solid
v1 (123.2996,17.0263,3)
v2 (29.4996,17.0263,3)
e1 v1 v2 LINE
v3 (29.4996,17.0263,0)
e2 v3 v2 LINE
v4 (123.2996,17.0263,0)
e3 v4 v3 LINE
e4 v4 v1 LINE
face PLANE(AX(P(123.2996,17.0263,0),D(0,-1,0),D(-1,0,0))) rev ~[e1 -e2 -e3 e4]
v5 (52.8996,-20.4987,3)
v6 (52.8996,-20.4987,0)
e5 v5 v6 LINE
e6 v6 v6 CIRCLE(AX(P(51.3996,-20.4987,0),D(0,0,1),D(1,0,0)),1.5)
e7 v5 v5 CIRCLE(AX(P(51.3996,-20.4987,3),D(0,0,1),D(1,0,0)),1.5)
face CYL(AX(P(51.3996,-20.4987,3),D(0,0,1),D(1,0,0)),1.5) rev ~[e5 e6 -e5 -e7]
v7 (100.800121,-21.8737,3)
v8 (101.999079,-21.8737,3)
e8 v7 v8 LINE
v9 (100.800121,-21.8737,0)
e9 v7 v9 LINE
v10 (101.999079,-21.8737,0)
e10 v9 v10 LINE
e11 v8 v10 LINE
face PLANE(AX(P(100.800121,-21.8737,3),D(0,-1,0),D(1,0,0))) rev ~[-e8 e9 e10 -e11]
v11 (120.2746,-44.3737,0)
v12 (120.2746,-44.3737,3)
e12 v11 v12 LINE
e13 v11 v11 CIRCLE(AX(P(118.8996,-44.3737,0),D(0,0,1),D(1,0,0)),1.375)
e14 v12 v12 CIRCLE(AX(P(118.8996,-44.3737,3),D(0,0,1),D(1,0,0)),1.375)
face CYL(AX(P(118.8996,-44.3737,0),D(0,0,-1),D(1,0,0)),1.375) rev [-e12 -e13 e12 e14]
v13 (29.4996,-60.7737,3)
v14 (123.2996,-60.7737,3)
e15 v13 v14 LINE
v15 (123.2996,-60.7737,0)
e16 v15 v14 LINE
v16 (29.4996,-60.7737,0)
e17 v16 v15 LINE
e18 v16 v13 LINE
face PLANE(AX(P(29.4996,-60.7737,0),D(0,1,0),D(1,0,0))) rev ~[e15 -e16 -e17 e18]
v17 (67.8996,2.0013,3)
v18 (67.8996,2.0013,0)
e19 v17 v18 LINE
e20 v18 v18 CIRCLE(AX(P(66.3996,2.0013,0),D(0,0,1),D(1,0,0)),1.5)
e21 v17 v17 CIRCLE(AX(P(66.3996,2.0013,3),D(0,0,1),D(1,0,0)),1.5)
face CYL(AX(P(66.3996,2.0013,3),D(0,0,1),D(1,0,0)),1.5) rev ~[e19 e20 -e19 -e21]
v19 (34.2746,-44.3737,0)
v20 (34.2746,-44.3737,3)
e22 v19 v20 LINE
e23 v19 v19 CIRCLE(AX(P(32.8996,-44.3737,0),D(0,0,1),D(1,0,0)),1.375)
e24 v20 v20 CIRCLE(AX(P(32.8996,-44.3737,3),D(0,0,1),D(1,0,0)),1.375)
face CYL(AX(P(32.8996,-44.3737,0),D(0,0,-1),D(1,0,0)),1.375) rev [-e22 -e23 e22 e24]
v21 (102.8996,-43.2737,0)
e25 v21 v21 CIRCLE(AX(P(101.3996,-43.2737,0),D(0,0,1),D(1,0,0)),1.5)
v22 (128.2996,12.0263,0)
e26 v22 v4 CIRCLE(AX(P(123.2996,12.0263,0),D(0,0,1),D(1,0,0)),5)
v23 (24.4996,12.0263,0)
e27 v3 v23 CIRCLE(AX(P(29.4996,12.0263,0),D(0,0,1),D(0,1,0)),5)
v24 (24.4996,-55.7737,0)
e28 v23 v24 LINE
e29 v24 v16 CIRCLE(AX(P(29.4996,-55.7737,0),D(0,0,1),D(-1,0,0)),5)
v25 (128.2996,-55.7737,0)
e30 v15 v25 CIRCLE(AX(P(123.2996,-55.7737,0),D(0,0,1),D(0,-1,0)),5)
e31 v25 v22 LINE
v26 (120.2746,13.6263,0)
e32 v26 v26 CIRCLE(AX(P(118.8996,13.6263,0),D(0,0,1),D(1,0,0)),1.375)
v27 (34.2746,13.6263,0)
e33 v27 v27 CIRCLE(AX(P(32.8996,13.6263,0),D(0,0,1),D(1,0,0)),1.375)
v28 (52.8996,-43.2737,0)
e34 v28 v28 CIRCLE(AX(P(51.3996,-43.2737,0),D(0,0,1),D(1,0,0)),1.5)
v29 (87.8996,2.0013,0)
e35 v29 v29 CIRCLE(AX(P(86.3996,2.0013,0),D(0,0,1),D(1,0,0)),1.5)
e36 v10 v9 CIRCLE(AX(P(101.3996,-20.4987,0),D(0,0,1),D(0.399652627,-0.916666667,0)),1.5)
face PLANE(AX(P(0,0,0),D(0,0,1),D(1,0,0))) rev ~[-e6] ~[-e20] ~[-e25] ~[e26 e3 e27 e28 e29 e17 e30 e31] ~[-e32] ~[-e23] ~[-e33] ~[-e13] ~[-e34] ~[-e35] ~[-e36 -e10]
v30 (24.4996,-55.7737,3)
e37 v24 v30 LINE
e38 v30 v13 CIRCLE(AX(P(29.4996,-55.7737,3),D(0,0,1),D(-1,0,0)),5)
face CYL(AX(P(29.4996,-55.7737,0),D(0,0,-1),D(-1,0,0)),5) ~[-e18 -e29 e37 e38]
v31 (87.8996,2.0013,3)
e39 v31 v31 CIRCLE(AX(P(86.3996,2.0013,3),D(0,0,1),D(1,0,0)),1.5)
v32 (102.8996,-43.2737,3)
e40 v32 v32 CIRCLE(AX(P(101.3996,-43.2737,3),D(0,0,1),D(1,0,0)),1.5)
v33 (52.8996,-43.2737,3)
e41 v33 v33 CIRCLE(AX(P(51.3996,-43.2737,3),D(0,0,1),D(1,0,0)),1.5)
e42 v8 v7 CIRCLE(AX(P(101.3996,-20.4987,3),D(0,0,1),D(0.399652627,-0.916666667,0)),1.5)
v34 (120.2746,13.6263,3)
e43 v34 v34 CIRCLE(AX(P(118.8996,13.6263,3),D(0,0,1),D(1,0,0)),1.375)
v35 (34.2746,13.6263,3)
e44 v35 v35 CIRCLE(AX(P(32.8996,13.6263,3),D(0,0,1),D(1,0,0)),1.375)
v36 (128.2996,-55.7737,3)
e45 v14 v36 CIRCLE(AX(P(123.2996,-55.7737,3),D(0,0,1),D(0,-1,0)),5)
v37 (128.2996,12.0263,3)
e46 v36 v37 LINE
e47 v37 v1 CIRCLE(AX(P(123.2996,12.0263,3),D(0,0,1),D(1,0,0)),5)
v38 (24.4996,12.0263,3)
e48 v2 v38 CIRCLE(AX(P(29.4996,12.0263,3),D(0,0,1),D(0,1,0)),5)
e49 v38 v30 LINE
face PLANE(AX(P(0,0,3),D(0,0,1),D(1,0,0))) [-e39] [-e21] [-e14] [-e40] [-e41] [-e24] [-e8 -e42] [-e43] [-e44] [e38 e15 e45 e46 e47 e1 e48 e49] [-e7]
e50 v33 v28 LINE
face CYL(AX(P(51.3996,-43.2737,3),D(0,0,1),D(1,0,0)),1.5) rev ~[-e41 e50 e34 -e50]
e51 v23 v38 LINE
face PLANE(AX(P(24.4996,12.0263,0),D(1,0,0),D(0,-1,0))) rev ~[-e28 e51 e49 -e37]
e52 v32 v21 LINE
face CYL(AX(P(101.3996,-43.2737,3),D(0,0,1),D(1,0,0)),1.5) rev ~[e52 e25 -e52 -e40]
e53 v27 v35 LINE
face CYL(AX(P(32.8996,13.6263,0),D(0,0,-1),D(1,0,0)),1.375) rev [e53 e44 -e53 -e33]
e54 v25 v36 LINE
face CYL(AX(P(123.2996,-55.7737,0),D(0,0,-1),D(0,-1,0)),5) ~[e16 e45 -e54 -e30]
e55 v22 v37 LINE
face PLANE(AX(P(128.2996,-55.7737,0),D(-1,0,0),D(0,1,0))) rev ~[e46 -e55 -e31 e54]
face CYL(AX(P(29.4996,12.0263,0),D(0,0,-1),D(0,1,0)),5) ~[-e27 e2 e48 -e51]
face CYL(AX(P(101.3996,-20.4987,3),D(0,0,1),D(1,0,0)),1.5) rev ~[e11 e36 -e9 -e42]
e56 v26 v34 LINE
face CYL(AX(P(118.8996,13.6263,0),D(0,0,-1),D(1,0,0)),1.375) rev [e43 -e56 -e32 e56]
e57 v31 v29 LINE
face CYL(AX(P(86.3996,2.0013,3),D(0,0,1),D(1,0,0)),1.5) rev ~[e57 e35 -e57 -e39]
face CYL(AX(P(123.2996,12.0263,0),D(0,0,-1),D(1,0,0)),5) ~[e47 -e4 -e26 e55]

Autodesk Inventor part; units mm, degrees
ref_plane "YZ Plane" through (0, 0, 0) normal (1, 0, 0) x (0, 1, 0)
ref_plane "XZ Plane" through (0, 0, 0) normal (0, 1, 0) x (-1, 0, 0)
ref_plane "XY Plane" through (0, 0, 0) normal (0, 0, 1) x (1, 0, 0)
sketch "Эскиз1" plane through (0, 0, 0) normal (0, 0, 1) x (1, 0, 0)
  circle A0 centre (41.8996, -50.8737) radius 1.5 projected
  circle A1 centre (115.8996, -50.8737) radius 1.5 projected
  line L0 (128.2996, -55.7737) -> (128.2996, 12.0263) projected
  arc A2 (128.2996, 12.0263) -> (123.2996, 17.0263) centre (123.2996, 12.0263) ccw projected
  line L1 (123.2996, 17.0263) -> (29.4996, 17.0263) projected
  arc A3 (29.4996, 17.0263) -> (24.4996, 12.0263) centre (29.4996, 12.0263) ccw projected
  line L2 (24.4996, 12.0263) -> (24.4996, -55.7737) projected
  arc A4 (24.4996, -55.7737) -> (29.4996, -60.7737) centre (29.4996, -55.7737) ccw projected
  line L3 (29.4996, -60.7737) -> (123.2996, -60.7737) projected
  arc A5 (123.2996, -60.7737) -> (128.2996, -55.7737) centre (123.2996, -55.7737) ccw projected
  line L4 (53.8996, 12.1263) -> (105.3355, 12.1263) projected
  arc A6 (105.3355, 9.1263) -> (105.3355, 12.1263) centre (105.3355, 10.6263) ccw projected
  line L5 (105.3355, 9.1263) -> (53.8996, 9.1263) projected
  arc A7 (53.8996, 12.1263) -> (53.8996, 9.1263) centre (53.8996, 10.6263) ccw projected
  circle A8 centre (53.8996, -6.8737) radius 1.5 projected
  circle A9 centre (53.8996, -36.8737) radius 1.5 projected
  circle A10 centre (103.8996, -36.8737) radius 1.5 projected
  circle A11 centre (103.8996, -6.8737) radius 1.5 projected
  circle A12 centre (118.8996, -44.3737) radius 1.375 projected
  circle A13 centre (32.8996, -44.3737) radius 1.375 projected
  circle A14 centre (32.8996, 13.6263) radius 1.375 projected
  circle A15 centre (118.8996, 13.6263) radius 1.375 projected
  line L6 (105.3355, -0.8737) -> (53.8996, -0.8737) projected
  arc A16 (53.8996, 2.1263) -> (53.8996, -0.8737) centre (53.8996, 0.6263) ccw projected
  line L7 (53.8996, 2.1263) -> (105.3355, 2.1263) projected
  arc A17 (105.3355, -0.8737) -> (105.3355, 2.1263) centre (105.3355, 0.6263) ccw projected
  arc A18 (53.8996, -42.8737) -> (53.8996, -45.8737) centre (53.8996, -44.3737) ccw projected
  line L8 (53.8996, -42.8737) -> (103.8996, -42.8737) projected
  arc A19 (103.8996, -45.8737) -> (103.8996, -42.8737) centre (103.8996, -44.3737) ccw projected
  line L9 (103.8996, -45.8737) -> (53.8996, -45.8737) projected
  line L10 (103.8996, -55.8737) -> (53.8996, -55.8737) projected
  arc A20 (53.8996, -52.8737) -> (53.8996, -55.8737) centre (53.8996, -54.3737) ccw projected
  line L11 (53.8996, -52.8737) -> (103.8996, -52.8737) projected
  arc A21 (103.8996, -55.8737) -> (103.8996, -52.8737) centre (103.8996, -54.3737) ccw projected
  line L12 (76.7782, -31.8737) -> (72.5356, -27.6311) projected
  arc A22 (74.6569, -25.5097) -> (72.5356, -27.6311) centre (73.5963, -26.5704) ccw projected
  line L13 (74.6569, -25.5097) -> (77.3996, -28.2524) projected
  line L14 (77.3996, -28.2524) -> (77.3996, -11.8737) projected
  arc A23 (80.3996, -11.8737) -> (77.3996, -11.8737) centre (78.8996, -11.8737) ccw projected
  line L15 (80.3996, -11.8737) -> (80.3996, -28.2524) projected
  line L16 (80.3996, -28.2524) -> (83.1422, -25.5097) projected
  arc A24 (85.2635, -27.6311) -> (83.1422, -25.5097) centre (84.2029, -26.5704) ccw projected
  line L17 (85.2635, -27.6311) -> (81.0209, -31.8737) projected
  arc A25 (76.7782, -31.8737) -> (81.0209, -31.8737) centre (78.8996, -31.8737) ccw projected
  point P0 (0, 0)
extrude "Выдавливание1" add sketch "Эскиз1" along normal blind 3 contours A0 | A1 | A5 L3 A4 L2 A3 L1 A2 L0 | L4 A6 L5 A7 | A8 | A9 | A10 | A11 | L6 A16 L7 A17 | L8 A19 L9 A18 | L10 A20 L11 A21 | L12 A22 L13 L14 A23 L15 L16 A24 L17 A25
sketch "Эскиз2" plane through (0, 0, 3) normal (0, 0, 1) x (1, 0, 0)
  line L0 (29.4996, -60.7737) -> (123.2996, -60.7737) projected
  circle A0 centre (51.3996, -43.2737) radius 1.5
  circle A1 centre (101.3996, -43.2737) radius 1.5
  point P0 (0, 0)
  dimension "d6" = 3
  dimension "d7" = 3
extrude "Выдавливание2" cut sketch "Эскиз2" against normal blind 3
sketch "Эскиз3" plane through (0, 0, 3) normal (0, 0, 1) x (1, 0, 0)
  line L0 (24.4996, 12.0263) -> (24.4996, -55.7737) projected
  line L1 (24.4996, -21.8737) -> (128.2996, -21.8737)
  line L2 (128.2996, -55.7737) -> (128.2996, 12.0263) projected
  line L3 (76.3996, -21.8737) -> (76.3996, 17.0263)
  line L4 (123.2996, 17.0263) -> (29.4996, 17.0263) projected
  circle A0 centre (118.8996, -44.3737) radius 1.375 projected
  circle A1 centre (101.3996, -43.2737) radius 1.5 projected
  circle A2 centre (51.3996, -20.4987) radius 1.5
  circle A3 centre (101.3996, -20.4987) radius 1.5
  line L5 (76.3996, -20.4987) -> (76.3996, -7.9987)
  line L6 (76.3996, -7.9987) -> (76.3996, 2.0013)
  circle A4 centre (66.3996, 2.0013) radius 1.5
  circle A5 centre (86.3996, 2.0013) radius 1.5
  point P0 (0, 0)
  point P1 (101.999, -21.8737)
  point P2 (100.8001, -21.8737)
  dimension "d13" = 3
  dimension "d14" = 3
  dimension "d19" = 3
  dimension "d20" = 3
extrude "Выдавливание3" cut sketch "Эскиз3" against normal blind 3 contours A2 L1 | A3 L1 | L1 A2 | A4 | A5 picked at (100.9144, -20.3462)
properties part number "down_plate"
